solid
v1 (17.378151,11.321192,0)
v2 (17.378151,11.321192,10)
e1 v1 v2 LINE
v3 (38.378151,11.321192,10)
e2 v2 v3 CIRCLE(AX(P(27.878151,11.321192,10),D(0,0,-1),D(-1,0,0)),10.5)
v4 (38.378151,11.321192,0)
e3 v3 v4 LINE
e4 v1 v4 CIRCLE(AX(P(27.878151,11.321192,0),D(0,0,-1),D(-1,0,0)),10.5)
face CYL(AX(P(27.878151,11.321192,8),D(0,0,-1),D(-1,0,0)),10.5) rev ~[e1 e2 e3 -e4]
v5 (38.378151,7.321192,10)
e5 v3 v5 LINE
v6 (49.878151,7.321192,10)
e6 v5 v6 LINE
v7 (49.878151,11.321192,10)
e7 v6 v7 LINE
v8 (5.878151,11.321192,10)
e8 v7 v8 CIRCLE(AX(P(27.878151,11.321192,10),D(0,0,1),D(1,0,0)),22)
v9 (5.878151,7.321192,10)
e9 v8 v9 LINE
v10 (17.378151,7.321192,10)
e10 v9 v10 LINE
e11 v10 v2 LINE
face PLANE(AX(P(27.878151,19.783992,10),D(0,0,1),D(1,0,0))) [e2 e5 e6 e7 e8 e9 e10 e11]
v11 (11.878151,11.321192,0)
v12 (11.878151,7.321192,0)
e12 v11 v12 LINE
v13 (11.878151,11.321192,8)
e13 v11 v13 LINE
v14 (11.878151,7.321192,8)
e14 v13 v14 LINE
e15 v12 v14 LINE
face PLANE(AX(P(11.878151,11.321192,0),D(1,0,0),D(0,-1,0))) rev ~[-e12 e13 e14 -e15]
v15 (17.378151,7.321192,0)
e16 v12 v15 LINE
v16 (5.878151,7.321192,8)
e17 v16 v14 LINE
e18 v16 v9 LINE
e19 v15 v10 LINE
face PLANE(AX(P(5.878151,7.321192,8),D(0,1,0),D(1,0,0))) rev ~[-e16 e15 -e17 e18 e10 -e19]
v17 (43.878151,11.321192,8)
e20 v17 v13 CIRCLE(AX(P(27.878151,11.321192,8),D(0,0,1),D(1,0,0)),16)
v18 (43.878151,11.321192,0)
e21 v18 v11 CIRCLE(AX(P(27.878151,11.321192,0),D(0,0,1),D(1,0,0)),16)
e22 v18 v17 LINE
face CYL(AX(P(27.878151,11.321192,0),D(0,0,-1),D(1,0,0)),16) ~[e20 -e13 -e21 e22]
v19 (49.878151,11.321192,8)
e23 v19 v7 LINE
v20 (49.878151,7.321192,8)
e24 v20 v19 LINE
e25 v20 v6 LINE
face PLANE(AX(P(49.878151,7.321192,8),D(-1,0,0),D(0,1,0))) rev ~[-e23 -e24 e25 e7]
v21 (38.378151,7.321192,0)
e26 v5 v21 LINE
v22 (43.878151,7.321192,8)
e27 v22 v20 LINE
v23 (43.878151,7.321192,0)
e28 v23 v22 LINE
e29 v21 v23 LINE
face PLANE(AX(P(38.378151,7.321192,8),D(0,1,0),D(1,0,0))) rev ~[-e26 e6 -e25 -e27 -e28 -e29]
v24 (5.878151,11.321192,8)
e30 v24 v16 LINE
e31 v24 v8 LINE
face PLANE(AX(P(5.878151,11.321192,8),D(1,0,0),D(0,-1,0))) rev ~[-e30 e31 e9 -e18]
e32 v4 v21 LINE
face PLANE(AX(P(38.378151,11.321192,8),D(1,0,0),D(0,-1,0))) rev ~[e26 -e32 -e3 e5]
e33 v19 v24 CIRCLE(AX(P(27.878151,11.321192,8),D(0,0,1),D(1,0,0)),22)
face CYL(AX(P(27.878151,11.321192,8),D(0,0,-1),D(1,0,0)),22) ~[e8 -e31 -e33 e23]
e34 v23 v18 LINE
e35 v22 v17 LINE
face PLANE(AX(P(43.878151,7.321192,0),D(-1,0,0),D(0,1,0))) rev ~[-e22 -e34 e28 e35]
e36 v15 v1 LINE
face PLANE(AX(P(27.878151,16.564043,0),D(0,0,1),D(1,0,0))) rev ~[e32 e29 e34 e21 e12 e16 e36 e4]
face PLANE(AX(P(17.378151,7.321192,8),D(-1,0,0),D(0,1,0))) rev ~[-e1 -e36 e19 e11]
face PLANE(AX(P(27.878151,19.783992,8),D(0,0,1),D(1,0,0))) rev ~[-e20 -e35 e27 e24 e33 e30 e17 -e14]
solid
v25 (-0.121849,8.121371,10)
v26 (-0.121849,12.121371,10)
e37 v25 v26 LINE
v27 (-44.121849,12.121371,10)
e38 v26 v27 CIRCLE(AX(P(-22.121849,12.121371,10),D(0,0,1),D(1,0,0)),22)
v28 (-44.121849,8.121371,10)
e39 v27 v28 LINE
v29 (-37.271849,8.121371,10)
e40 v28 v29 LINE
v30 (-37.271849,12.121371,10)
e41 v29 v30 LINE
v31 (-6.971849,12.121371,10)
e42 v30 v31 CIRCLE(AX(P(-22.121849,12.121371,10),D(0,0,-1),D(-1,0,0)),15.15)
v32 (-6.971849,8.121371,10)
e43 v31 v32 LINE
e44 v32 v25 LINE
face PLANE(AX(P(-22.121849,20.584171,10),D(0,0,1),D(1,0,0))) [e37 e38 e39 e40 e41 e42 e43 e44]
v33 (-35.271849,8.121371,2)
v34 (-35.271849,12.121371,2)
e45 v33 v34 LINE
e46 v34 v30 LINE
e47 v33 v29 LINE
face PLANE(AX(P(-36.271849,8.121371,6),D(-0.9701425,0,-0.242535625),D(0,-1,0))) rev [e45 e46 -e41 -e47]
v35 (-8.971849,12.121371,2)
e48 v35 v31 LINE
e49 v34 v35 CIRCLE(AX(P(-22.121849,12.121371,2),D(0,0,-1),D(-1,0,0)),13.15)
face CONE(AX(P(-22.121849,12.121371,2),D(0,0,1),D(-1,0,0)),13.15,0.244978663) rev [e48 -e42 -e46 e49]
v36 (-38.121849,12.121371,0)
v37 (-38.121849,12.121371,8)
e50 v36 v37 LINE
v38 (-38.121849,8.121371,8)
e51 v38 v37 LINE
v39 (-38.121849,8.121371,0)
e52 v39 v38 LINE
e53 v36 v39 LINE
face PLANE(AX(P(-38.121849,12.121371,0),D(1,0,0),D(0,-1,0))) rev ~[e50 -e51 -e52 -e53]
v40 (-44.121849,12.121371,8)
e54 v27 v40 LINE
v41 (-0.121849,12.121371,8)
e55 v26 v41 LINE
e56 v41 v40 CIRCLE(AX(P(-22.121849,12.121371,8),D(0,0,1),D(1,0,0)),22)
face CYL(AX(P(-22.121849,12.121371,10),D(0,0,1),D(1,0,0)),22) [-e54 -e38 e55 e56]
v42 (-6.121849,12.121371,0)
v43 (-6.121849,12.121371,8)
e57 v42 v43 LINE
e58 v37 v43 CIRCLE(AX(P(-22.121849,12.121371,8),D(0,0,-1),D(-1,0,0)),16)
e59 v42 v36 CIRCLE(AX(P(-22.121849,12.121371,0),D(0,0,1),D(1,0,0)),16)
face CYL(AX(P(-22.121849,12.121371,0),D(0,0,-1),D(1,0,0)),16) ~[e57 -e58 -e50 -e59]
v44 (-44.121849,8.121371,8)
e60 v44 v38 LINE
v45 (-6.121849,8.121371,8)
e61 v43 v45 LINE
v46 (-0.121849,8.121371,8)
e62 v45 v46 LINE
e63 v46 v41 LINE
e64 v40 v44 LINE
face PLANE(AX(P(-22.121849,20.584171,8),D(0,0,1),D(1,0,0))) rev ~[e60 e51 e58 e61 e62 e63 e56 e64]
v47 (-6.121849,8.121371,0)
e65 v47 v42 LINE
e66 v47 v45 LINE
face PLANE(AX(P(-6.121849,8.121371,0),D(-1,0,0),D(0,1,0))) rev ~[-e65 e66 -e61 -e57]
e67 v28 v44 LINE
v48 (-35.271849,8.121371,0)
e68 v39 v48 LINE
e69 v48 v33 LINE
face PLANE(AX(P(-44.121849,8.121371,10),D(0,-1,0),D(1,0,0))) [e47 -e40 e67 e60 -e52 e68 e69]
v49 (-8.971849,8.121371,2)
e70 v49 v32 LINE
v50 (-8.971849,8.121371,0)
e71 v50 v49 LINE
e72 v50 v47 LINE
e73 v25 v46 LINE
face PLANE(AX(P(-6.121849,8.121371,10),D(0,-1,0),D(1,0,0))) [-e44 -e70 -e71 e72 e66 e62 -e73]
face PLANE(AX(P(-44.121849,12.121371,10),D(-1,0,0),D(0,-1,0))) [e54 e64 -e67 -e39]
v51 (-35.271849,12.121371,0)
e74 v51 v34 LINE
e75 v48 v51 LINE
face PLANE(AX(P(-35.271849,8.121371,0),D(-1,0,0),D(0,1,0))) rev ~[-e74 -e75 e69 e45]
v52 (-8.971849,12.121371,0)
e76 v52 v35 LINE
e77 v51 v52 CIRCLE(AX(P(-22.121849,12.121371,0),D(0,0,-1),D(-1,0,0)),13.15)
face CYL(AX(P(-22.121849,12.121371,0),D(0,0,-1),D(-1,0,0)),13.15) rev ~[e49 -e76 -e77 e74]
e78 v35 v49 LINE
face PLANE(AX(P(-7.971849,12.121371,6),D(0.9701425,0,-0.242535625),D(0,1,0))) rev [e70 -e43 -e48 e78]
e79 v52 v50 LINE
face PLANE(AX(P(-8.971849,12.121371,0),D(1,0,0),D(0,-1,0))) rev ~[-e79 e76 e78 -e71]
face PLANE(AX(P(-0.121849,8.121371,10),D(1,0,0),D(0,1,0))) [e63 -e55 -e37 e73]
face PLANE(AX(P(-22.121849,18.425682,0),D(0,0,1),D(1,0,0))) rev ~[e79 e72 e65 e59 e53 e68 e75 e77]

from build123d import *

# Parameters (mm, degrees)
F1_DEPTH = 10
F2_DEPTH = 8
F4_DEPTH = 2
F5_SIZE2 = 2
F5_SIZE  = 8
F7_DEPTH = 2


with BuildPart() as f1:
    # F0 (on Top) → F1 (new body)
    with BuildSketch(Plane.XY):
        with BuildLine():
            ThreePointArc((-35.2718485385, 12.1213712692), (-22.1218485385, 25.2713712692), (-8.9718485385, 12.1213712692))
            Line((-8.9718485385, 12.1213712692), (-8.9718485385, 8.1213712692))
            Line((-8.9718485385, 8.1213712692), (-6.1218485385, 8.1213712692))
            Line((-6.1218485385, 8.1213712692), (-6.1218485385, 12.1213712692))
            ThreePointArc((-6.1218485385, 12.1213712692), (-22.1218485385, 28.1213712692), (-38.1218485385, 12.1213712692))
            Line((-38.1218485385, 12.1213712692), (-38.1218485385, 8.1213712692))
            Line((-38.1218485385, 8.1213712692), (-35.2718485385, 8.1213712692))
            Line((-35.2718485385, 8.1213712692), (-35.2718485385, 12.1213712692))
        make_face()
    extrude(amount=F1_DEPTH)

    # F5
    f5_edges = [f1.edges().sort_by_distance(p)[0] for p in [
        (-22.121849, 25.271371, 10),
    ]]
    f5_side = f1.faces().sort_by_distance((-22.121849, 25.271371, 5))[0]
    chamfer(f5_edges, length=F5_SIZE, length2=F5_SIZE2, reference=f5_side)

    # F6 (on face) → F7 (join)
    with BuildSketch(Plane.XY.offset(10)):
        with BuildLine():
            ThreePointArc((-0.1218485385, 12.1213712692), (-22.1218485385, 34.1213712692), (-44.1218485385, 12.1213712692))
            Line((-44.1218485385, 12.1213712692), (-44.1218485385, 8.1213712692))
            Line((-44.1218485385, 8.1213712692), (-38.1218485385, 8.1213712692))
            Line((-38.1218485385, 8.1213712692), (-38.1218485385, 12.1213712692))
            ThreePointArc((-38.1218485385, 12.1213712692), (-22.1218485385, 28.1213712692), (-6.1218485385, 12.1213712692))
            Line((-6.1218485385, 12.1213712692), (-6.1218485385, 8.1213712692))
            Line((-6.1218485385, 8.1213712692), (-0.1218485385, 8.1213712692))
            Line((-0.1218485385, 8.1213712692), (-0.1218485385, 12.1213712692))
        make_face()
    extrude(amount=-F7_DEPTH)


with BuildPart() as f2:
    # F0 (on Top) → F2 (new body)
    with BuildSketch(Plane.XY):
        with BuildLine():
            ThreePointArc((17.3781514615, 11.3211924173), (27.8781514615, 21.8211924173), (38.3781514615, 11.3211924173))
            Line((38.3781514615, 11.3211924173), (38.3781514615, 7.3211924173))
            Line((38.3781514615, 7.3211924173), (43.8781514615, 7.3211924173))
            Line((43.8781514615, 7.3211924173), (43.8781514615, 11.3211924173))
            ThreePointArc((43.8781514615, 11.3211924173), (27.8781514615, 27.3211924173), (11.8781514615, 11.3211924173))
            Line((11.8781514615, 11.3211924173), (11.8781514615, 7.3211924173))
            Line((11.8781514615, 7.3211924173), (17.3781514615, 7.3211924173))
            Line((17.3781514615, 7.3211924173), (17.3781514615, 11.3211924173))
        make_face()
    extrude(amount=F2_DEPTH)

    # F3 (on face) → F4 (join)
    with BuildSketch(Plane.XY.offset(8)):
        with BuildLine():
            ThreePointArc((49.8781514615, 11.3211924173), (27.8781514615, 33.3211924173), (5.8781514615, 11.3211924173))
            Line((5.8781514615, 11.3211924173), (5.8781514615, 7.3211924173))
            Line((5.8781514615, 7.3211924173), (11.8781514615, 7.3211924173))
            Line((11.8781514615, 7.3211924173), (11.8781514615, 11.3211924173))
            ThreePointArc((11.8781514615, 11.3211924173), (27.8781514615, 27.3211924173), (43.8781514615, 11.3211924173))
            Line((43.8781514615, 11.3211924173), (43.8781514615, 7.3211924173))
            Line((43.8781514615, 7.3211924173), (49.8781514615, 7.3211924173))
            Line((49.8781514615, 7.3211924173), (49.8781514615, 11.3211924173))
        make_face()
        with BuildLine():
            Line((11.8781514615, 11.3211924173), (11.8781514615, 7.3211924173))
            Line((11.8781514615, 7.3211924173), (17.3781514615, 7.3211924173))
            Line((17.3781514615, 7.3211924173), (17.3781514615, 11.3211924173))
            ThreePointArc((17.3781514615, 11.3211924173), (27.8781514615, 21.8211924173), (38.3781514615, 11.3211924173))
            Line((38.3781514615, 11.3211924173), (38.3781514615, 7.3211924173))
            Line((38.3781514615, 7.3211924173), (43.8781514615, 7.3211924173))
            Line((43.8781514615, 7.3211924173), (43.8781514615, 11.3211924173))
            ThreePointArc((43.8781514615, 11.3211924173), (27.8781514615, 27.3211924173), (11.8781514615, 11.3211924173))
        make_face()
    extrude(amount=F4_DEPTH)


solid = Compound([f1.part, f2.part])
